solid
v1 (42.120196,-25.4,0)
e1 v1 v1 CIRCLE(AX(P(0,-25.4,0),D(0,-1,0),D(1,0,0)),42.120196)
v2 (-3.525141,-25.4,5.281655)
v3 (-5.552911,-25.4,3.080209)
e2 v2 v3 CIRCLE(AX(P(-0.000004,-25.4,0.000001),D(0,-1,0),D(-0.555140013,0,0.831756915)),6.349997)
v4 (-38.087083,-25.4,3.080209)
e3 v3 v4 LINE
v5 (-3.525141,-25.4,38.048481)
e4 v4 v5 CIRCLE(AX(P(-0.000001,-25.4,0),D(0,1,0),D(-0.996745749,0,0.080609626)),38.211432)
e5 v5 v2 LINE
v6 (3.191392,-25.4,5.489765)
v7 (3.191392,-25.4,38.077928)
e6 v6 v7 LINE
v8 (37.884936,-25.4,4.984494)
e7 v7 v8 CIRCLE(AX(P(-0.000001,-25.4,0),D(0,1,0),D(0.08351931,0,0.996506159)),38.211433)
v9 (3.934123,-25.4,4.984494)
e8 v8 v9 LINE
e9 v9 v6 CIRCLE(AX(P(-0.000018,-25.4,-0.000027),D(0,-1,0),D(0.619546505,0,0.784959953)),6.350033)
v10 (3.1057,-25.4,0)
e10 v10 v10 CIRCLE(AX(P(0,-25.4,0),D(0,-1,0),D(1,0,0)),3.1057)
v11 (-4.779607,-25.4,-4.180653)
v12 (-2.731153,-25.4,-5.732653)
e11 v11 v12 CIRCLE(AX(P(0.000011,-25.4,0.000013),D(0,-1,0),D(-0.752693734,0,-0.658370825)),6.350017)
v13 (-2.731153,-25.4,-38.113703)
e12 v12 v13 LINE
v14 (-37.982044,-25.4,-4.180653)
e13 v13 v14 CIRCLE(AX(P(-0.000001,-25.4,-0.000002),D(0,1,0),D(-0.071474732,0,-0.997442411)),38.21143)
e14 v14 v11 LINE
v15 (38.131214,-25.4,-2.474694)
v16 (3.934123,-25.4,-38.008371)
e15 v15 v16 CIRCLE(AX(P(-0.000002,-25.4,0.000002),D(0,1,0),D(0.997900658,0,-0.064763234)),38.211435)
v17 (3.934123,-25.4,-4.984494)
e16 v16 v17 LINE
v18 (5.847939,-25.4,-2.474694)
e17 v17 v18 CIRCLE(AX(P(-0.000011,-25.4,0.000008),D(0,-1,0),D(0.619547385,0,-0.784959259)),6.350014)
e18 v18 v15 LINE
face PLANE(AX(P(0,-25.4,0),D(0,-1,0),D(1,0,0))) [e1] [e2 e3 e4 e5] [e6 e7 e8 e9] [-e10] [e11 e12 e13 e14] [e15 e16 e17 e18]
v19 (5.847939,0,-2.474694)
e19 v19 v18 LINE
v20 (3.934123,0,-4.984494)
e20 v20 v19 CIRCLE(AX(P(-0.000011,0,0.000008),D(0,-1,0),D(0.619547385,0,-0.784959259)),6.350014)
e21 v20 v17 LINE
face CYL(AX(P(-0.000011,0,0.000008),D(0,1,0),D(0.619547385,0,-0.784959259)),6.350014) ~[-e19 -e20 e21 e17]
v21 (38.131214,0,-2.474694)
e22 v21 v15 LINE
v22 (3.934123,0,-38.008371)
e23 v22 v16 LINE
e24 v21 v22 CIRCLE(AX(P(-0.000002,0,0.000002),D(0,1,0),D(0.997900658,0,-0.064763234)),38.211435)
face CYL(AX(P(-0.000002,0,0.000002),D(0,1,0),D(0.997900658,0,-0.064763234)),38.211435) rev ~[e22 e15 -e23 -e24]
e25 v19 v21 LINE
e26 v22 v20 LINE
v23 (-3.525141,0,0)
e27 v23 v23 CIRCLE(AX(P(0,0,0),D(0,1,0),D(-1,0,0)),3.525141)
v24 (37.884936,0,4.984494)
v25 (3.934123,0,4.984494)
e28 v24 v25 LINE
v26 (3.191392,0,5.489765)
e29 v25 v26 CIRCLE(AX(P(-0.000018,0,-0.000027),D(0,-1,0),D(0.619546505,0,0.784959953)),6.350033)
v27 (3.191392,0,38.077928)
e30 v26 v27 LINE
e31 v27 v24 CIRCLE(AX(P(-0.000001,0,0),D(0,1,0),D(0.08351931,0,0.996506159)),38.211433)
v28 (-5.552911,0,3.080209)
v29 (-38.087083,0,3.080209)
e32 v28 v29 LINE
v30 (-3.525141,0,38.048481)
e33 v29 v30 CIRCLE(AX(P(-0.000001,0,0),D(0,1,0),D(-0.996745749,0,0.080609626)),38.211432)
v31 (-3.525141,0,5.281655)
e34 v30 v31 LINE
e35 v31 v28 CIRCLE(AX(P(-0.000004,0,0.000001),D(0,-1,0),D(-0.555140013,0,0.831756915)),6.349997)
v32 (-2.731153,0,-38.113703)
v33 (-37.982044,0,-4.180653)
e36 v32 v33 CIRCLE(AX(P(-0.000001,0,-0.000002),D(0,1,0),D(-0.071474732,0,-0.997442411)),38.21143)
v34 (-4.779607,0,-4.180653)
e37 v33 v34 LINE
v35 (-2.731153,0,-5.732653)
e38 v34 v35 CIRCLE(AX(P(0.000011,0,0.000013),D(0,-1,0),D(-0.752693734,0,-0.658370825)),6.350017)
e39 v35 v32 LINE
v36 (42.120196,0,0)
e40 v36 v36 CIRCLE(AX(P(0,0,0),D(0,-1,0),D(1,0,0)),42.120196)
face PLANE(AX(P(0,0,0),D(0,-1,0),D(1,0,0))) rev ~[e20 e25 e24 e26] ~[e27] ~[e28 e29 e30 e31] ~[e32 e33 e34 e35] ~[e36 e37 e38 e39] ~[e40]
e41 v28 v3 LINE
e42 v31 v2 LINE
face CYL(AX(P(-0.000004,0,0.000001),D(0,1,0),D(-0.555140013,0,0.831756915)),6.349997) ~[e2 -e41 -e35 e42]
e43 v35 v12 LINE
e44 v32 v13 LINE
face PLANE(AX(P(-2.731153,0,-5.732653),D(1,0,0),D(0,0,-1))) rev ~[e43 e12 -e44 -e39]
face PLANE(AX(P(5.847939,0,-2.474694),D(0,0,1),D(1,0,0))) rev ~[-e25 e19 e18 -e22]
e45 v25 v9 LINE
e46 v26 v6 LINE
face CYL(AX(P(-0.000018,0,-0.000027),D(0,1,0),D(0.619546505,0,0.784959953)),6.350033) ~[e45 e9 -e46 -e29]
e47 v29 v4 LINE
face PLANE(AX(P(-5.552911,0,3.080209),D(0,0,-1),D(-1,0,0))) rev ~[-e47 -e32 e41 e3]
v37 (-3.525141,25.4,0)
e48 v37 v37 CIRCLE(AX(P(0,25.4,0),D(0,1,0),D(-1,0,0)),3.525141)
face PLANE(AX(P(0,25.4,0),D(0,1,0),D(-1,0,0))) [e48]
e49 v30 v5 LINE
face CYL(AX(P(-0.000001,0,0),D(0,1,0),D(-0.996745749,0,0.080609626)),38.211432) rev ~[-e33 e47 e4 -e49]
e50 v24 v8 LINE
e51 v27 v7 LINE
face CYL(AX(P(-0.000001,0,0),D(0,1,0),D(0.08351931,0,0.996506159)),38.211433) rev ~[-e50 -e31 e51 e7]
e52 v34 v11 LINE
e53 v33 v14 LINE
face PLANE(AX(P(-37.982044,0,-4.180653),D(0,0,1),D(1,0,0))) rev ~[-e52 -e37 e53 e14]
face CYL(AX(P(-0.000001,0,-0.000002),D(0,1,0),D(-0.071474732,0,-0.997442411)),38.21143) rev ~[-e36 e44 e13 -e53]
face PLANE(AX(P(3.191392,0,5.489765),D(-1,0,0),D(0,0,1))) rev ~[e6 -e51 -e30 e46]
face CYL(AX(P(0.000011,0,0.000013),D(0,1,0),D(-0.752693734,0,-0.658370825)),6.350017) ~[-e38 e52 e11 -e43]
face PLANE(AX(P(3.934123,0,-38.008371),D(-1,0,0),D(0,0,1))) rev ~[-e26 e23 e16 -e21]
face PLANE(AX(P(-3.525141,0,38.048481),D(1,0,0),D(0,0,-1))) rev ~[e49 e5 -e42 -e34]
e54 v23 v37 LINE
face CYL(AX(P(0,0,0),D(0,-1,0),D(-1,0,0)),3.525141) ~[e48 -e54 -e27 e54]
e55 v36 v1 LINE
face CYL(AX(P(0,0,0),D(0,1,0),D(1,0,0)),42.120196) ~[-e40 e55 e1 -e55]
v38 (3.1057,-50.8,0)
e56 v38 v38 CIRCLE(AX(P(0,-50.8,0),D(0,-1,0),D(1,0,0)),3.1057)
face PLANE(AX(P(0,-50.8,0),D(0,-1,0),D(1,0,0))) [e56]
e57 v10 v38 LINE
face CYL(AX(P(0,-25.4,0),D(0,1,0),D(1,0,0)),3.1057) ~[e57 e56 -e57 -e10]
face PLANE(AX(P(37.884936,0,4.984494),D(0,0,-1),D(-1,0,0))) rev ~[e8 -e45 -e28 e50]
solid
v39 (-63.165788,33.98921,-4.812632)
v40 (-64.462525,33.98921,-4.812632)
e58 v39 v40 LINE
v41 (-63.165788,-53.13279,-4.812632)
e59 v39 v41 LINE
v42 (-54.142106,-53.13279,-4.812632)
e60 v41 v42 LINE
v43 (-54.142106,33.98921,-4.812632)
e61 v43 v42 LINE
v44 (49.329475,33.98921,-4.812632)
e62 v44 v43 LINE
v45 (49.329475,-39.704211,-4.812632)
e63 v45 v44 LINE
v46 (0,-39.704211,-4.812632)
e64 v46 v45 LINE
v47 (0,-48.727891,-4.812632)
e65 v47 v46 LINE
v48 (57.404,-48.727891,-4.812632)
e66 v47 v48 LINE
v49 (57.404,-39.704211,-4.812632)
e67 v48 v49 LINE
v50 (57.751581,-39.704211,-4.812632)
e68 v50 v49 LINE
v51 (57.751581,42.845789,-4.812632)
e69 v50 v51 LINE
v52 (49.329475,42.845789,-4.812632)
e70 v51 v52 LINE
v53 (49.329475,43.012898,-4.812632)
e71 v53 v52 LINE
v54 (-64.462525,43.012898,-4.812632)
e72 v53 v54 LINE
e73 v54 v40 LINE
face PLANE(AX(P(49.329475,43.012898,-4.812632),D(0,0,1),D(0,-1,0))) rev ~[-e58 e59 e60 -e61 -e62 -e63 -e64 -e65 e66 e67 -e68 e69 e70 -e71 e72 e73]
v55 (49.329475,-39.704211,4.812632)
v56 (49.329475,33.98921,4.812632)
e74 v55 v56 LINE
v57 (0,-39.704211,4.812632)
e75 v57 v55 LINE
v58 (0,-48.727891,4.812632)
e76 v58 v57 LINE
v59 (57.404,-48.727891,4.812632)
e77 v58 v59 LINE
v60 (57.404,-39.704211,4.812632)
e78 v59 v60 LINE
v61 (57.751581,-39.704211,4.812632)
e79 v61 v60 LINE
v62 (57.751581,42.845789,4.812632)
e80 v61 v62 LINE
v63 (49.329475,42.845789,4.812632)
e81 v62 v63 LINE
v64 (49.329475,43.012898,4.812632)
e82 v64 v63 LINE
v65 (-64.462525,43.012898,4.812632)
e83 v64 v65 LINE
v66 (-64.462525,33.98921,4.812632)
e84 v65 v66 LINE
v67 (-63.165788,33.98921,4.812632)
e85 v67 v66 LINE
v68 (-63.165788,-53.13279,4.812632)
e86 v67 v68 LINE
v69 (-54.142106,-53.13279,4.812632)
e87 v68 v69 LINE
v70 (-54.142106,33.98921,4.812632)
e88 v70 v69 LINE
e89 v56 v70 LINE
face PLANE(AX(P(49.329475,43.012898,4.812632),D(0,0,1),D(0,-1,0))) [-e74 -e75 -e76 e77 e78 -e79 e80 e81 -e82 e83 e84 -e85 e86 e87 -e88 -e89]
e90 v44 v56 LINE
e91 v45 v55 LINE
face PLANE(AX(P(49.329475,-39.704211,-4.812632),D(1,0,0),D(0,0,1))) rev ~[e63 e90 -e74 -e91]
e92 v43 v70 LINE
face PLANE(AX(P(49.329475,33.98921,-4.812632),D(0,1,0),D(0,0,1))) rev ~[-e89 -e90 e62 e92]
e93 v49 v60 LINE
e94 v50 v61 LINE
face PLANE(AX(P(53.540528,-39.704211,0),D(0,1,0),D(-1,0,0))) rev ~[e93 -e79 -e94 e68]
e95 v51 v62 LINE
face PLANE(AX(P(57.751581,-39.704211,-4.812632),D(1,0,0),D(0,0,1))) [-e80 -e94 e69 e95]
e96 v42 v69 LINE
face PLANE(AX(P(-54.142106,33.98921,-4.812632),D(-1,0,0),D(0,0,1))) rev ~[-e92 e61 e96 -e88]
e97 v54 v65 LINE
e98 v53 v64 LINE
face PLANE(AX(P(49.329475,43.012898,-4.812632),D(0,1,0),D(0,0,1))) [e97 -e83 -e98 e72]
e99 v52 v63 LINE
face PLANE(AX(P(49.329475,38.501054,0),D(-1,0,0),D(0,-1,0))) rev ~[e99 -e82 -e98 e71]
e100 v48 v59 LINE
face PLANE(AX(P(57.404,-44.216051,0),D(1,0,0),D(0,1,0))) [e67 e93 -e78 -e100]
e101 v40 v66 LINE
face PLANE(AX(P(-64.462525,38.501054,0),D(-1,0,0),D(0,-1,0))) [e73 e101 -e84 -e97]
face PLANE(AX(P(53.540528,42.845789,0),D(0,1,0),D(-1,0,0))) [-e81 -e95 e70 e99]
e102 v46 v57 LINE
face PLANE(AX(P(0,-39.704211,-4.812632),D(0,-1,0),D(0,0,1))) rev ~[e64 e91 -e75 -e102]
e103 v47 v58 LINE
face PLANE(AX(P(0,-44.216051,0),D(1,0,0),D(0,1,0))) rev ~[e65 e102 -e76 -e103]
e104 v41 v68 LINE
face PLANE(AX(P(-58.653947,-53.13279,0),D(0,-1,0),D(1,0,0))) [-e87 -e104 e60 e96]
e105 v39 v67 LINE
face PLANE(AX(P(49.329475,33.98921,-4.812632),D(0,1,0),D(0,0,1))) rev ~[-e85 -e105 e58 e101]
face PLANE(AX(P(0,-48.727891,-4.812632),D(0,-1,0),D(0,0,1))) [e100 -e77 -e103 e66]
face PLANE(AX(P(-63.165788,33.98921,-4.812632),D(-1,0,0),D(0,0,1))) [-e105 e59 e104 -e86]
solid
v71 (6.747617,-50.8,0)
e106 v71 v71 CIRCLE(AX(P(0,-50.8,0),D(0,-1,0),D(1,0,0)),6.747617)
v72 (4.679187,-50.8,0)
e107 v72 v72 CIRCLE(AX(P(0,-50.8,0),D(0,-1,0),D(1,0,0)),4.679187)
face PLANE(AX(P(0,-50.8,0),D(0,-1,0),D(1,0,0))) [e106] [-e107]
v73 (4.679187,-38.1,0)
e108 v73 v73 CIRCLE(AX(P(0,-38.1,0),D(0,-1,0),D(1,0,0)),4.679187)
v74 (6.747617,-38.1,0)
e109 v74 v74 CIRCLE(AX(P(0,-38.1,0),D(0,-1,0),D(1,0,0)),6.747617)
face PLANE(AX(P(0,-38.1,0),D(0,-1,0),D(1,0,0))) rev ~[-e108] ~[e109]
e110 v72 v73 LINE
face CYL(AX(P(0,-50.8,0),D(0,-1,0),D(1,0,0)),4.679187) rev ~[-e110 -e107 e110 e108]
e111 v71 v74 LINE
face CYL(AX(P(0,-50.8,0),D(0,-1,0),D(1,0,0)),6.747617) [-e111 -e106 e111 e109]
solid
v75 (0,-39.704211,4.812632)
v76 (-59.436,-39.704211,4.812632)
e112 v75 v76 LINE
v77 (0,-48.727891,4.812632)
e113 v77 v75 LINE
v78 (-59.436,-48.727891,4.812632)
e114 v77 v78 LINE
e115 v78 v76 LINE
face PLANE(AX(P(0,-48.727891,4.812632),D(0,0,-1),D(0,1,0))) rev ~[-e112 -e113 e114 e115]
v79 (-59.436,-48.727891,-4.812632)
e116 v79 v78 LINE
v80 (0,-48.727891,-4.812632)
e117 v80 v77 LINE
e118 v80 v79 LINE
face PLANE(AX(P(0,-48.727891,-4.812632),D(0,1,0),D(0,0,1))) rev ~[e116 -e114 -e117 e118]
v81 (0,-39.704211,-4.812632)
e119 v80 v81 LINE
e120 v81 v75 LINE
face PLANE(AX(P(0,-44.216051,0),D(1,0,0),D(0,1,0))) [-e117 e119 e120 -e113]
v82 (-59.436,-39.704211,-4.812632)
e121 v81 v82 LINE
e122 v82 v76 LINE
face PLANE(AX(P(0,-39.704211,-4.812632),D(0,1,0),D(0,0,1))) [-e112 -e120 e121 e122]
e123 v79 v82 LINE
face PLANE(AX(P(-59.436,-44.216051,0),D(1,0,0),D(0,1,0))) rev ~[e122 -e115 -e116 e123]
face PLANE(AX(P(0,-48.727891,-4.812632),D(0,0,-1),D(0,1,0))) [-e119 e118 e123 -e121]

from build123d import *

# Parameters (mm, degrees)
F0_R      = 42.120196
F1_DEPTH  = 25.4
F2_R      = 3.1057
F3_DEPTH  = 25.4
F4_R      = 3.525141
F5_DEPTH  = 25.4
F6_R      = 6.747617
F6_R_2    = 4.679187
F7_DEPTH  = 12.7
F8_W      = 9.023681
F8_H      = 9.625264
F9_DEPTH  = 57.404
F10_W     = 8.422106
F10_H     = 9.625264
F11_DEPTH = 82.55
F12_W     = 9.023688
F12_H     = 9.625264
F13_DEPTH = 113.792
F14_W     = 9.023682
F14_H     = 9.625264
F15_DEPTH = 87.122
F16_DEPTH = 59.436


with BuildPart() as f1:
    # F0 (on Front) → F1 (new body)
    with BuildSketch(Plane.XZ):
        Circle(F0_R)
        with BuildLine():
            Line((-37.982044, -4.180653), (-4.779607, -4.180653))
            ThreePointArc((-4.779607, -4.180653), (-3.834717, -5.061368), (-2.731153, -5.732653))
            Line((-2.731153, -5.732653), (-2.731153, -38.113703))
            ThreePointArc((-2.731153, -38.113703), (-26.500077, -27.529248), (-37.982044, -4.180653))
        make_face(mode=Mode.SUBTRACT)
        with BuildLine():
            Line((3.934123, -38.008371), (3.934123, -4.984494))
            ThreePointArc((3.934123, -4.984494), (5.049451, -3.850395), (5.847939, -2.474694))
            Line((5.847939, -2.474694), (38.131214, -2.474694))
            ThreePointArc((38.131214, -2.474694), (27.532411, -26.49679), (3.934123, -38.008371))
        make_face(mode=Mode.SUBTRACT)
        with BuildLine():
            ThreePointArc((-38.087083, 3.080209), (-27.177, 26.861203), (-3.525141, 38.048481))
            Line((-3.525141, 38.048481), (-3.525141, 5.281655))
            ThreePointArc((-3.525141, 5.281655), (-4.670583, 4.302111), (-5.552911, 3.080209))
            Line((-5.552911, 3.080209), (-38.087083, 3.080209))
        make_face(mode=Mode.SUBTRACT)
        with BuildLine():
            Line((37.884936, 4.984494), (3.934123, 4.984494))
            ThreePointArc((3.934123, 4.984494), (3.571703, 5.25028), (3.191392, 5.489765))
            Line((3.191392, 5.489765), (3.191392, 38.077928))
            ThreePointArc((3.191392, 38.077928), (26.37442, 27.649657), (37.884936, 4.984494))
        make_face(mode=Mode.SUBTRACT)
    extrude(amount=F1_DEPTH)

    # F2 (on face) → F3 (join)
    with BuildSketch(Plane.XZ.offset(25.4)):
        Circle(F2_R)
    extrude(amount=F3_DEPTH)

    # F4 (on face) → F5 (join)
    with BuildSketch(Plane(origin=(0, 0, 0), x_dir=(-1, 0, 0), z_dir=(0, 1, 0))):
        Circle(F4_R)
    extrude(amount=F5_DEPTH)


with BuildPart() as f7:
    # F6 (on face) → F7 (new body)
    with BuildSketch(Plane.XZ.offset(50.8)):
        Circle(F6_R)
        Circle(F6_R_2, mode=Mode.SUBTRACT)
    extrude(amount=-F7_DEPTH)


with BuildPart() as f9:
    # F8 (on Right) → F9 (new body)
    with BuildSketch(Plane.YZ):
        with Locations((-44.216051, 0)):
            Rectangle(F8_W, F8_H)
    extrude(amount=F9_DEPTH)

    # F10 (on face) → F11 (join)
    with BuildSketch(Plane(origin=(0, -39.704211, 0), x_dir=(-1, 0, 0), z_dir=(0, 1, 0))):
        with Locations((-53.540528, 0)):
            Rectangle(F10_W, F10_H)
    extrude(amount=F11_DEPTH)

    # F12 (on face) → F13 (join)
    with BuildSketch(Plane(origin=(49.329475, 0, 0), x_dir=(0, -1, 0), z_dir=(-1, 0, 0))):
        with Locations((-38.501054, 0)):
            Rectangle(F12_W, F12_H)
    extrude(amount=F13_DEPTH)

    # F14 (on face) → F15 (join)
    with BuildSketch(Plane.XZ.offset(-33.98921)):
        with Locations((-58.653947, 0)):
            Rectangle(F14_W, F14_H)
    extrude(amount=F15_DEPTH)


with BuildPart() as f16:
    # F8 (on Right) → F16 (new body)
    with BuildSketch(Plane.YZ):
        with Locations((-44.216051, 0)):
            Rectangle(F8_W, F8_H)
    extrude(amount=-F16_DEPTH)


solid = Compound([f1.part, f7.part, f9.part, f16.part])
